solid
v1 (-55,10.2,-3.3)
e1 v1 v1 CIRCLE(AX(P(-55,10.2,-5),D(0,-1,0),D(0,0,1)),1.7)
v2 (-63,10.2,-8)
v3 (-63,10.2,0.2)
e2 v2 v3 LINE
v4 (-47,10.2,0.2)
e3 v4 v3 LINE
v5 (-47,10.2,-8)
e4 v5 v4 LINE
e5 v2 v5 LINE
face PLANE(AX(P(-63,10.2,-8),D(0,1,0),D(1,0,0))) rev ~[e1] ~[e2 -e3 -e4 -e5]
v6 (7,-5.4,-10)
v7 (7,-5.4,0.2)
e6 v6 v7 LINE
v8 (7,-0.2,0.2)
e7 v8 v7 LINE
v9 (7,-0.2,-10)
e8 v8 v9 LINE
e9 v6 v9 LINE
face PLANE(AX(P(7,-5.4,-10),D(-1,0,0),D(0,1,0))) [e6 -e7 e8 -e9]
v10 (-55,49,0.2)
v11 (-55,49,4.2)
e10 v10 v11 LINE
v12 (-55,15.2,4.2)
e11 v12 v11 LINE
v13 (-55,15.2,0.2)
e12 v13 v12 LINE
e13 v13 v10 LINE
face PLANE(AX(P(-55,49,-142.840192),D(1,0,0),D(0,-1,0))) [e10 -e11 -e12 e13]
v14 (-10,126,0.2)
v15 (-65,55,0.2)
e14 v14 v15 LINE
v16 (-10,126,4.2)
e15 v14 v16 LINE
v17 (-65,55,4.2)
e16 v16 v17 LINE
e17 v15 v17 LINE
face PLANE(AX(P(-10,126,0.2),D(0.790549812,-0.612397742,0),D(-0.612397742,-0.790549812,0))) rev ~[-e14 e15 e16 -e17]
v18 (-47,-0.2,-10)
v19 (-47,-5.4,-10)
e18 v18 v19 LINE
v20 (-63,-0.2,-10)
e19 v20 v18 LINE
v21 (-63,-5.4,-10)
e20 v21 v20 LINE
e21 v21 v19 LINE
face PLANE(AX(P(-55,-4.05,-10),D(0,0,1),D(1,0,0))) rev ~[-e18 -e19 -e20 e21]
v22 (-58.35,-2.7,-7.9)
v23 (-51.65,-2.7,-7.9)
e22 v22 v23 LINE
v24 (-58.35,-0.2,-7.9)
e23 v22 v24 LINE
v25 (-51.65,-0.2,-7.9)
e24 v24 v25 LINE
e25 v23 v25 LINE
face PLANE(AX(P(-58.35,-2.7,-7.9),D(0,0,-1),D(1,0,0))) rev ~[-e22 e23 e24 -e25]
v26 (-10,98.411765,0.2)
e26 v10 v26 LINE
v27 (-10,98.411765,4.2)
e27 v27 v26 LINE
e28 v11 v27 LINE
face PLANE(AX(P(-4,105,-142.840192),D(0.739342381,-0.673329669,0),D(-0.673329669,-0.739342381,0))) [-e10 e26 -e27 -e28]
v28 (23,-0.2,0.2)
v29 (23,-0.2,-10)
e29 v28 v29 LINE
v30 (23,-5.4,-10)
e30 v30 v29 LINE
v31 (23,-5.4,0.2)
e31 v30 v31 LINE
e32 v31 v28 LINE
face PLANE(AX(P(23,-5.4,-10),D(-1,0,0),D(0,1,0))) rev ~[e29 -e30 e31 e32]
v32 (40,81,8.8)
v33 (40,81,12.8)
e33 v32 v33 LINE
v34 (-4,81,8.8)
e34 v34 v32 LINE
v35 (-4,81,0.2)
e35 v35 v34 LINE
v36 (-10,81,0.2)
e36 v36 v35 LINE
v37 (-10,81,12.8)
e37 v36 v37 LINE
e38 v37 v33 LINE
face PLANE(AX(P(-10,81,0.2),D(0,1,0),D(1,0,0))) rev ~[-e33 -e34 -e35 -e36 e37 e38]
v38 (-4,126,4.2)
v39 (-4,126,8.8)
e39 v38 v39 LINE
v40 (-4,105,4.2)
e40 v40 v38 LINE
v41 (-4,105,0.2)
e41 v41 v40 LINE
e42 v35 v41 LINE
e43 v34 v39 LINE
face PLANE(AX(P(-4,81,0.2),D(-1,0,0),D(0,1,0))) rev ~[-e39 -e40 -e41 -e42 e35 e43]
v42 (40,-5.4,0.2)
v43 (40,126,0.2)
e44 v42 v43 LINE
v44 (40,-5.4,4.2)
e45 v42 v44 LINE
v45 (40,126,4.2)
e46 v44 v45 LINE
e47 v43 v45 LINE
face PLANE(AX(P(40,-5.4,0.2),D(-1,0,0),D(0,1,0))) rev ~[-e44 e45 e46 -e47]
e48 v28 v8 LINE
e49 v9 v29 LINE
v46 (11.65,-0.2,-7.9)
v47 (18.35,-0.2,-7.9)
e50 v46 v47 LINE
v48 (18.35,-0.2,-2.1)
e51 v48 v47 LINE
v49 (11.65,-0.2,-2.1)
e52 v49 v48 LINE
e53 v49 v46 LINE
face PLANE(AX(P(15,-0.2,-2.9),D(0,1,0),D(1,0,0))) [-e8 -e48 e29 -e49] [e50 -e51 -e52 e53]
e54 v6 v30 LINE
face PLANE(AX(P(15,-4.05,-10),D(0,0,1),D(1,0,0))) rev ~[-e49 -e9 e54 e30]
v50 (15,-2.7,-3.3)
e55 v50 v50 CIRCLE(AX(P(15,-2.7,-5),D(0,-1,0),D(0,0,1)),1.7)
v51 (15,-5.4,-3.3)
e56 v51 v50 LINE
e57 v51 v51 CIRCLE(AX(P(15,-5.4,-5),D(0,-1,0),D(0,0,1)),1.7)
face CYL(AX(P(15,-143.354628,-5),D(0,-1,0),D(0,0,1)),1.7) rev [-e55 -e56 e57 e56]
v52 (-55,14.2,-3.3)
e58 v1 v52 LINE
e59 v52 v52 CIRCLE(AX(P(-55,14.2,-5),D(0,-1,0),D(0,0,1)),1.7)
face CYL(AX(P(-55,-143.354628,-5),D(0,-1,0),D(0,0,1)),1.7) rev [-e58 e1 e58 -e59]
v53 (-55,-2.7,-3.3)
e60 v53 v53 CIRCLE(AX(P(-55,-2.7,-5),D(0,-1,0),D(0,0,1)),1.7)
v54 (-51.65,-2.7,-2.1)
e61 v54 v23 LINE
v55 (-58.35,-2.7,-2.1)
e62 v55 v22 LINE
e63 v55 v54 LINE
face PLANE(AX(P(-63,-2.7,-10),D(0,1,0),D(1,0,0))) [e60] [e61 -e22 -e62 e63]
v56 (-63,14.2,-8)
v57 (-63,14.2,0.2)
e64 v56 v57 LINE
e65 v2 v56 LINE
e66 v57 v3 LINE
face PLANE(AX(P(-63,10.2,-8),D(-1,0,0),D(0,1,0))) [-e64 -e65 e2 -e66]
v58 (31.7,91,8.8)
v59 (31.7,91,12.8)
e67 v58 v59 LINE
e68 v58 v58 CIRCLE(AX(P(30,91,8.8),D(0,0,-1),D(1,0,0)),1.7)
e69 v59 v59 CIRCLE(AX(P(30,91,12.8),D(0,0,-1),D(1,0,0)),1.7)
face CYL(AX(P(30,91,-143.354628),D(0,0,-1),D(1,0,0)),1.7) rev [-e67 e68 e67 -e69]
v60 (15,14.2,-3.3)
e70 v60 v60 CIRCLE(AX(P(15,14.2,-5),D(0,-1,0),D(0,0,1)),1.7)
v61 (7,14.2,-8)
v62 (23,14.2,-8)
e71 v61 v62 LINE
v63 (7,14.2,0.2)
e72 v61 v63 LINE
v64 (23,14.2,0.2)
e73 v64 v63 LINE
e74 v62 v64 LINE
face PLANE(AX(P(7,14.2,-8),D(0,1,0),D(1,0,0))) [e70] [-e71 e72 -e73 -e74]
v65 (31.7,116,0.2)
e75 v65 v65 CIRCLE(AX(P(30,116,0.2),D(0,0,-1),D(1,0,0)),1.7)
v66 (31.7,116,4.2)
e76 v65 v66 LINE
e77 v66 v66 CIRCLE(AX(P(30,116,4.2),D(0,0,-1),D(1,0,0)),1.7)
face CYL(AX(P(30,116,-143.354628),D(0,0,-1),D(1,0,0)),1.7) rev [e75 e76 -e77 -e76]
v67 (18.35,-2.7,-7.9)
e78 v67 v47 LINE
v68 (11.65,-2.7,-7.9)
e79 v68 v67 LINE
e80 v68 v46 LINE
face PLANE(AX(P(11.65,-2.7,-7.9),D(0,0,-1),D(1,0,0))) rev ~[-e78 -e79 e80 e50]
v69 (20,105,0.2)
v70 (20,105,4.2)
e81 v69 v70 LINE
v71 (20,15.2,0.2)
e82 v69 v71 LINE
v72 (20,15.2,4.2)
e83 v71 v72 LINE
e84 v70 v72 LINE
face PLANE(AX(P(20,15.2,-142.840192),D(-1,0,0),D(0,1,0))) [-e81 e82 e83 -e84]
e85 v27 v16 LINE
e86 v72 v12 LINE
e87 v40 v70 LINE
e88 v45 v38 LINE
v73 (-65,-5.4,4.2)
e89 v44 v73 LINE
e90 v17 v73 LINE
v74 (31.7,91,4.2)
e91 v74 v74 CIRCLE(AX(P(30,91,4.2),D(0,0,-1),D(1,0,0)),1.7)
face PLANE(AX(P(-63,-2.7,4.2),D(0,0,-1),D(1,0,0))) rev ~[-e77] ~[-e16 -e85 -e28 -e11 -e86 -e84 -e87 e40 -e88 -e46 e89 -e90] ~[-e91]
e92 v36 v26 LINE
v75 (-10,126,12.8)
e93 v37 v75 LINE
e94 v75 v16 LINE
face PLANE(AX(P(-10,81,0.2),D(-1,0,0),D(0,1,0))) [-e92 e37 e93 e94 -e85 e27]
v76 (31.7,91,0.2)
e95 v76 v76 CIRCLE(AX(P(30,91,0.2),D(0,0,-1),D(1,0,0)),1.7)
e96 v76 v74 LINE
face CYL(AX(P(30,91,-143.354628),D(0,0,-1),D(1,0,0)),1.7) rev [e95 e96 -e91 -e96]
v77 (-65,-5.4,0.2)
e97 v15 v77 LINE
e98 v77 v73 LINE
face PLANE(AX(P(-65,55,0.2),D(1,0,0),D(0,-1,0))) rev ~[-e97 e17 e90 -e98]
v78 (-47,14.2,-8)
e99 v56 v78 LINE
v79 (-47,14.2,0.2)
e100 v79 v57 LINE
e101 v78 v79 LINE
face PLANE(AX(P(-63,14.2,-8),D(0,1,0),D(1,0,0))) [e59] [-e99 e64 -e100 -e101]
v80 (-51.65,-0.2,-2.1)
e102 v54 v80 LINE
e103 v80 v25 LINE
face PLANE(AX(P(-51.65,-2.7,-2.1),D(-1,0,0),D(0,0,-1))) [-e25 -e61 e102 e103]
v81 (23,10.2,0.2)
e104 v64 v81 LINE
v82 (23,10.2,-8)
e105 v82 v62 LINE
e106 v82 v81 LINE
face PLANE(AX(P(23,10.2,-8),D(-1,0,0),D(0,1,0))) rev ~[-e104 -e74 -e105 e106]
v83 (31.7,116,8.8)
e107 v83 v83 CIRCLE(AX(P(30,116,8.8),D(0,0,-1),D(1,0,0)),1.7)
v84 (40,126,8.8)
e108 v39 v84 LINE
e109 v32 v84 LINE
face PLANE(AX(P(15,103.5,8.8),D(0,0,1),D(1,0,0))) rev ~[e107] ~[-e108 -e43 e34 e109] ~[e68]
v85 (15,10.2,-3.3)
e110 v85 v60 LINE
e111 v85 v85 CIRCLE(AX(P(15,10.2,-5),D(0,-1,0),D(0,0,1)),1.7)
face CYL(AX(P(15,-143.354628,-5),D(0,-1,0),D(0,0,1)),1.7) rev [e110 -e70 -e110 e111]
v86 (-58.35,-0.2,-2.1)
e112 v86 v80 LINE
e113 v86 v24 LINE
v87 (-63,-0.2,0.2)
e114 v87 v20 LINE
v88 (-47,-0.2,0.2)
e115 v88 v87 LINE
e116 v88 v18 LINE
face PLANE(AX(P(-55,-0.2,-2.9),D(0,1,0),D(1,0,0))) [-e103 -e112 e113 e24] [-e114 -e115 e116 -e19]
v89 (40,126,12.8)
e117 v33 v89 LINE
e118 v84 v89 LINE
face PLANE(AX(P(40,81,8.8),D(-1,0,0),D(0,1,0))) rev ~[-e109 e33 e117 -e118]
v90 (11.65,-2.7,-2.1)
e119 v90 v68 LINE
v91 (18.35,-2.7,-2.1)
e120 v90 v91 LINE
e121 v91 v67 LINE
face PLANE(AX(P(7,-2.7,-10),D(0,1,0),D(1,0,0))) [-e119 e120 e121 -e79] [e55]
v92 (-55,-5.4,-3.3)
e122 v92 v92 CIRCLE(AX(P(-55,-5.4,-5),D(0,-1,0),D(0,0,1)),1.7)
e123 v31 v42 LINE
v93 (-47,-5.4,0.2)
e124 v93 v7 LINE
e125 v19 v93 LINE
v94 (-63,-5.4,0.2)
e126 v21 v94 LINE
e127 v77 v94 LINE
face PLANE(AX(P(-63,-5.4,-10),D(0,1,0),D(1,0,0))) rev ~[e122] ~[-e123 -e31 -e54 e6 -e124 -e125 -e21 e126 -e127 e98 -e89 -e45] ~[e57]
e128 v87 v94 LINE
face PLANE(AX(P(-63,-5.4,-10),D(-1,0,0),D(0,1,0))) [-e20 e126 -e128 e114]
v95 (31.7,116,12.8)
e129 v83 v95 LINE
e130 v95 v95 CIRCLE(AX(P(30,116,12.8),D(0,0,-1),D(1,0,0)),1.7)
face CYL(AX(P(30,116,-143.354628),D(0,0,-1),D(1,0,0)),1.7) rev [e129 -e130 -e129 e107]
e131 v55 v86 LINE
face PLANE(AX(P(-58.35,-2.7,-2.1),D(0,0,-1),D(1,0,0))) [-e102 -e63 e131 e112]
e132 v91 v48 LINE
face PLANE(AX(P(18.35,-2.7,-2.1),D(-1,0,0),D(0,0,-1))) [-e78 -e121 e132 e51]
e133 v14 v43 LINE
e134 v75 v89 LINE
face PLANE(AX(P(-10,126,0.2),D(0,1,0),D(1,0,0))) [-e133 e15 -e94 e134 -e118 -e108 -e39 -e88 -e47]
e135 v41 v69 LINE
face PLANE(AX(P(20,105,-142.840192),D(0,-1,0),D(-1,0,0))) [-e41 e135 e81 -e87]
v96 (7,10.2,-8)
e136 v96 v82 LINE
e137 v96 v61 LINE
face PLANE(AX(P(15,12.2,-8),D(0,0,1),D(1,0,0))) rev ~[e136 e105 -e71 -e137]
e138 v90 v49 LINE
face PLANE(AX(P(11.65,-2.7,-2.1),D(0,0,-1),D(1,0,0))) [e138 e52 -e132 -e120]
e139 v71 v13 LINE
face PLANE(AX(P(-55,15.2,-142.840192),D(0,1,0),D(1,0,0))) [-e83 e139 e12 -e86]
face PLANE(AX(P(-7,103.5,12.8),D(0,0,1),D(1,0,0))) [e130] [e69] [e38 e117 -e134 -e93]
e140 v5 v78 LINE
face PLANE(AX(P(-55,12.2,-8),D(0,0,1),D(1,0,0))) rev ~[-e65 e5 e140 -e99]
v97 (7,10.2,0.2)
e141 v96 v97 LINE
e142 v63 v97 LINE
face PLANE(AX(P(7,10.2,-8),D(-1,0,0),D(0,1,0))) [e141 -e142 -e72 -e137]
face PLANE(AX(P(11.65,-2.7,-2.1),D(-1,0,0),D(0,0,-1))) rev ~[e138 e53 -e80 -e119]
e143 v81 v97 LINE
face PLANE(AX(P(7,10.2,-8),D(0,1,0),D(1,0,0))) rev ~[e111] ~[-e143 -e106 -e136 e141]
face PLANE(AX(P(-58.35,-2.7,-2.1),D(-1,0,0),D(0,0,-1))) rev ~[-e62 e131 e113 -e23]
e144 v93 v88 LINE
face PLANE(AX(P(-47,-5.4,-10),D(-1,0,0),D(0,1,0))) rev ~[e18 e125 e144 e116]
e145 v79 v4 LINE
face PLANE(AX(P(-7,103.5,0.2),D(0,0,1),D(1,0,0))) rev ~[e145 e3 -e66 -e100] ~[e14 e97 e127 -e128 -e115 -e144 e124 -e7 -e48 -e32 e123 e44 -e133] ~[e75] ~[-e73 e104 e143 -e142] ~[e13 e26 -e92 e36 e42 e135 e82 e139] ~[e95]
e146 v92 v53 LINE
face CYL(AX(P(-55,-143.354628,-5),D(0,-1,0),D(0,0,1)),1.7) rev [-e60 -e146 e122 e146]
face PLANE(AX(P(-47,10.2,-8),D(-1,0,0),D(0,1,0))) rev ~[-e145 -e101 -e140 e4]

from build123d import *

# Parameters (mm, degrees)
EXTRUDE_START                = 0.2
EXTRUDE_312_DEPTH            = 4
CUT_EXTRUDE_453_DEPTH        = 142.840191765
CUT_EXTRUDE_453_DEPTH_BACK   = 142.840191765
EXTRUDE_START_2              = -8
SKETCH_3_W                   = 16
SKETCH_3_H                   = 4
EXTRUDE_645_DEPTH            = 12.2
EXTRUDE_START_3              = -10
SKETCH_4_W                   = 16
SKETCH_4_H                   = 2.7
EXTRUDE_849_DEPTH            = 14.2
EXTRUDE_START_4              = -2.7
SKETCH_5_W                   = 16
SKETCH_5_H                   = 14.2
SKETCH_5_W_2                 = 6.7
SKETCH_5_H_2                 = 5.8
EXTRUDE_M3_DEPTH             = 2.5
SKETCH_6_W                   = 6
SKETCH_6_H                   = 45
EXTRUDE_1326_DEPTH           = 12.6
EXTRUDE_START_5              = 8.8
SKETCH_7_W                   = 50
SKETCH_7_H                   = 45
EXTRUDE_1474_DEPTH           = 4
CUT_EXTRUDE_3P4_DEPTH        = 143.354627603
CUT_EXTRUDE_3P4_DEPTH_BACK   = 143.354627603
SKETCH_8_R                   = 1.7
CUT_EXTRUDE_3P4_2_DEPTH      = 143.354627603
CUT_EXTRUDE_3P4_2_DEPTH_BACK = 143.354627603
SKETCH_9_R                   = 1.7


with BuildPart() as part:
    # 草图1 → Extrude 312 (new body)
    with BuildSketch(Plane.XY.offset(EXTRUDE_START)):
        Polygon((-65, -5.4), (40, -5.4), (40, 126), (-10, 126), (-65, 55), align=None)
    extrude(amount=EXTRUDE_312_DEPTH)

    # 草图2 → Cut-Extrude 453 (cut, two sides: drawn at the far end of the back side and taken through both)
    with BuildSketch(Plane.XY.offset(-CUT_EXTRUDE_453_DEPTH_BACK)):
        Polygon((-55, 15.2), (20, 15.2), (20, 105), (-4, 105), (-55, 49), align=None)
    extrude(amount=CUT_EXTRUDE_453_DEPTH + CUT_EXTRUDE_453_DEPTH_BACK, mode=Mode.SUBTRACT)

    # 草图3 → Extrude 645 (add)
    with BuildSketch(Plane.XY.offset(EXTRUDE_START_2)):
        with Locations((-55, 12.2)):
            Rectangle(SKETCH_3_W, SKETCH_3_H)
        with Locations((15, 12.2)):
            Rectangle(SKETCH_3_W, SKETCH_3_H)
    extrude(amount=EXTRUDE_645_DEPTH)

    # 草图4 → Extrude 849 (add)
    with BuildSketch(Plane.XY.offset(EXTRUDE_START_3)):
        with Locations((-55, -4.05)):
            Rectangle(SKETCH_4_W, SKETCH_4_H)
        with Locations((15, -4.05)):
            Rectangle(SKETCH_4_W, SKETCH_4_H)
    extrude(amount=EXTRUDE_849_DEPTH)

    # 草图5 → 下卡唇M3螺母防转槽 (add)
    # profile 1 of 2: a face of its own
    with BuildSketch(Plane(origin=(0, 0, 0), x_dir=(1, 0, 0), z_dir=(0, 1, 0)).offset(EXTRUDE_START_4)):
        with Locations((-55, 2.9)):
            Rectangle(SKETCH_5_W, SKETCH_5_H)
        with Locations((-55, 5)):
            Rectangle(SKETCH_5_W_2, SKETCH_5_H_2, mode=Mode.SUBTRACT)
    # profile 2 of 2: a face of its own
    with BuildSketch(Plane(origin=(0, 0, 0), x_dir=(1, 0, 0), z_dir=(0, 1, 0)).offset(EXTRUDE_START_4)):
        with Locations((15, 2.9)):
            Rectangle(SKETCH_5_W, SKETCH_5_H)
        with Locations((15, 5)):
            Rectangle(SKETCH_5_W_2, SKETCH_5_H_2, mode=Mode.SUBTRACT)
    extrude(amount=EXTRUDE_M3_DEPTH)

    # 草图6 → Extrude 1326 (add)
    with BuildSketch(Plane.XY.offset(EXTRUDE_START)):
        with Locations((-7, 103.5)):
            Rectangle(SKETCH_6_W, SKETCH_6_H)
    extrude(amount=EXTRUDE_1326_DEPTH)

    # 草图7 → Extrude 1474 (add)
    with BuildSketch(Plane.XY.offset(EXTRUDE_START_5)):
        with Locations((15, 103.5)):
            Rectangle(SKETCH_7_W, SKETCH_7_H)
    extrude(amount=EXTRUDE_1474_DEPTH)

    # 草图8 → Cut-Extrude 3p4 (cut, two sides: drawn at the far end of the back side and taken through both)
    with BuildSketch(Plane.XY.offset(-CUT_EXTRUDE_3P4_DEPTH_BACK)):
        with Locations((30, 91)):
            Circle(SKETCH_8_R)
        with Locations((30, 116)):
            Circle(SKETCH_8_R)
    extrude(amount=CUT_EXTRUDE_3P4_DEPTH + CUT_EXTRUDE_3P4_DEPTH_BACK, mode=Mode.SUBTRACT)

    # 草图9 → Cut-Extrude 3p4 2 (cut, two sides: drawn at the far end of the back side and taken through both)
    with BuildSketch(Plane(origin=(0, 0, 0), x_dir=(1, 0, 0), z_dir=(0, 1, 0)).offset(-CUT_EXTRUDE_3P4_2_DEPTH_BACK)):
        with Locations(Location((-55, 5, 0), (0, 0, 270))):
            Circle(SKETCH_9_R)
        with Locations(Location((15, 5, 0), (0, 0, 270))):
            Circle(SKETCH_9_R)
    extrude(amount=CUT_EXTRUDE_3P4_2_DEPTH + CUT_EXTRUDE_3P4_2_DEPTH_BACK, mode=Mode.SUBTRACT)


solid = part.part
